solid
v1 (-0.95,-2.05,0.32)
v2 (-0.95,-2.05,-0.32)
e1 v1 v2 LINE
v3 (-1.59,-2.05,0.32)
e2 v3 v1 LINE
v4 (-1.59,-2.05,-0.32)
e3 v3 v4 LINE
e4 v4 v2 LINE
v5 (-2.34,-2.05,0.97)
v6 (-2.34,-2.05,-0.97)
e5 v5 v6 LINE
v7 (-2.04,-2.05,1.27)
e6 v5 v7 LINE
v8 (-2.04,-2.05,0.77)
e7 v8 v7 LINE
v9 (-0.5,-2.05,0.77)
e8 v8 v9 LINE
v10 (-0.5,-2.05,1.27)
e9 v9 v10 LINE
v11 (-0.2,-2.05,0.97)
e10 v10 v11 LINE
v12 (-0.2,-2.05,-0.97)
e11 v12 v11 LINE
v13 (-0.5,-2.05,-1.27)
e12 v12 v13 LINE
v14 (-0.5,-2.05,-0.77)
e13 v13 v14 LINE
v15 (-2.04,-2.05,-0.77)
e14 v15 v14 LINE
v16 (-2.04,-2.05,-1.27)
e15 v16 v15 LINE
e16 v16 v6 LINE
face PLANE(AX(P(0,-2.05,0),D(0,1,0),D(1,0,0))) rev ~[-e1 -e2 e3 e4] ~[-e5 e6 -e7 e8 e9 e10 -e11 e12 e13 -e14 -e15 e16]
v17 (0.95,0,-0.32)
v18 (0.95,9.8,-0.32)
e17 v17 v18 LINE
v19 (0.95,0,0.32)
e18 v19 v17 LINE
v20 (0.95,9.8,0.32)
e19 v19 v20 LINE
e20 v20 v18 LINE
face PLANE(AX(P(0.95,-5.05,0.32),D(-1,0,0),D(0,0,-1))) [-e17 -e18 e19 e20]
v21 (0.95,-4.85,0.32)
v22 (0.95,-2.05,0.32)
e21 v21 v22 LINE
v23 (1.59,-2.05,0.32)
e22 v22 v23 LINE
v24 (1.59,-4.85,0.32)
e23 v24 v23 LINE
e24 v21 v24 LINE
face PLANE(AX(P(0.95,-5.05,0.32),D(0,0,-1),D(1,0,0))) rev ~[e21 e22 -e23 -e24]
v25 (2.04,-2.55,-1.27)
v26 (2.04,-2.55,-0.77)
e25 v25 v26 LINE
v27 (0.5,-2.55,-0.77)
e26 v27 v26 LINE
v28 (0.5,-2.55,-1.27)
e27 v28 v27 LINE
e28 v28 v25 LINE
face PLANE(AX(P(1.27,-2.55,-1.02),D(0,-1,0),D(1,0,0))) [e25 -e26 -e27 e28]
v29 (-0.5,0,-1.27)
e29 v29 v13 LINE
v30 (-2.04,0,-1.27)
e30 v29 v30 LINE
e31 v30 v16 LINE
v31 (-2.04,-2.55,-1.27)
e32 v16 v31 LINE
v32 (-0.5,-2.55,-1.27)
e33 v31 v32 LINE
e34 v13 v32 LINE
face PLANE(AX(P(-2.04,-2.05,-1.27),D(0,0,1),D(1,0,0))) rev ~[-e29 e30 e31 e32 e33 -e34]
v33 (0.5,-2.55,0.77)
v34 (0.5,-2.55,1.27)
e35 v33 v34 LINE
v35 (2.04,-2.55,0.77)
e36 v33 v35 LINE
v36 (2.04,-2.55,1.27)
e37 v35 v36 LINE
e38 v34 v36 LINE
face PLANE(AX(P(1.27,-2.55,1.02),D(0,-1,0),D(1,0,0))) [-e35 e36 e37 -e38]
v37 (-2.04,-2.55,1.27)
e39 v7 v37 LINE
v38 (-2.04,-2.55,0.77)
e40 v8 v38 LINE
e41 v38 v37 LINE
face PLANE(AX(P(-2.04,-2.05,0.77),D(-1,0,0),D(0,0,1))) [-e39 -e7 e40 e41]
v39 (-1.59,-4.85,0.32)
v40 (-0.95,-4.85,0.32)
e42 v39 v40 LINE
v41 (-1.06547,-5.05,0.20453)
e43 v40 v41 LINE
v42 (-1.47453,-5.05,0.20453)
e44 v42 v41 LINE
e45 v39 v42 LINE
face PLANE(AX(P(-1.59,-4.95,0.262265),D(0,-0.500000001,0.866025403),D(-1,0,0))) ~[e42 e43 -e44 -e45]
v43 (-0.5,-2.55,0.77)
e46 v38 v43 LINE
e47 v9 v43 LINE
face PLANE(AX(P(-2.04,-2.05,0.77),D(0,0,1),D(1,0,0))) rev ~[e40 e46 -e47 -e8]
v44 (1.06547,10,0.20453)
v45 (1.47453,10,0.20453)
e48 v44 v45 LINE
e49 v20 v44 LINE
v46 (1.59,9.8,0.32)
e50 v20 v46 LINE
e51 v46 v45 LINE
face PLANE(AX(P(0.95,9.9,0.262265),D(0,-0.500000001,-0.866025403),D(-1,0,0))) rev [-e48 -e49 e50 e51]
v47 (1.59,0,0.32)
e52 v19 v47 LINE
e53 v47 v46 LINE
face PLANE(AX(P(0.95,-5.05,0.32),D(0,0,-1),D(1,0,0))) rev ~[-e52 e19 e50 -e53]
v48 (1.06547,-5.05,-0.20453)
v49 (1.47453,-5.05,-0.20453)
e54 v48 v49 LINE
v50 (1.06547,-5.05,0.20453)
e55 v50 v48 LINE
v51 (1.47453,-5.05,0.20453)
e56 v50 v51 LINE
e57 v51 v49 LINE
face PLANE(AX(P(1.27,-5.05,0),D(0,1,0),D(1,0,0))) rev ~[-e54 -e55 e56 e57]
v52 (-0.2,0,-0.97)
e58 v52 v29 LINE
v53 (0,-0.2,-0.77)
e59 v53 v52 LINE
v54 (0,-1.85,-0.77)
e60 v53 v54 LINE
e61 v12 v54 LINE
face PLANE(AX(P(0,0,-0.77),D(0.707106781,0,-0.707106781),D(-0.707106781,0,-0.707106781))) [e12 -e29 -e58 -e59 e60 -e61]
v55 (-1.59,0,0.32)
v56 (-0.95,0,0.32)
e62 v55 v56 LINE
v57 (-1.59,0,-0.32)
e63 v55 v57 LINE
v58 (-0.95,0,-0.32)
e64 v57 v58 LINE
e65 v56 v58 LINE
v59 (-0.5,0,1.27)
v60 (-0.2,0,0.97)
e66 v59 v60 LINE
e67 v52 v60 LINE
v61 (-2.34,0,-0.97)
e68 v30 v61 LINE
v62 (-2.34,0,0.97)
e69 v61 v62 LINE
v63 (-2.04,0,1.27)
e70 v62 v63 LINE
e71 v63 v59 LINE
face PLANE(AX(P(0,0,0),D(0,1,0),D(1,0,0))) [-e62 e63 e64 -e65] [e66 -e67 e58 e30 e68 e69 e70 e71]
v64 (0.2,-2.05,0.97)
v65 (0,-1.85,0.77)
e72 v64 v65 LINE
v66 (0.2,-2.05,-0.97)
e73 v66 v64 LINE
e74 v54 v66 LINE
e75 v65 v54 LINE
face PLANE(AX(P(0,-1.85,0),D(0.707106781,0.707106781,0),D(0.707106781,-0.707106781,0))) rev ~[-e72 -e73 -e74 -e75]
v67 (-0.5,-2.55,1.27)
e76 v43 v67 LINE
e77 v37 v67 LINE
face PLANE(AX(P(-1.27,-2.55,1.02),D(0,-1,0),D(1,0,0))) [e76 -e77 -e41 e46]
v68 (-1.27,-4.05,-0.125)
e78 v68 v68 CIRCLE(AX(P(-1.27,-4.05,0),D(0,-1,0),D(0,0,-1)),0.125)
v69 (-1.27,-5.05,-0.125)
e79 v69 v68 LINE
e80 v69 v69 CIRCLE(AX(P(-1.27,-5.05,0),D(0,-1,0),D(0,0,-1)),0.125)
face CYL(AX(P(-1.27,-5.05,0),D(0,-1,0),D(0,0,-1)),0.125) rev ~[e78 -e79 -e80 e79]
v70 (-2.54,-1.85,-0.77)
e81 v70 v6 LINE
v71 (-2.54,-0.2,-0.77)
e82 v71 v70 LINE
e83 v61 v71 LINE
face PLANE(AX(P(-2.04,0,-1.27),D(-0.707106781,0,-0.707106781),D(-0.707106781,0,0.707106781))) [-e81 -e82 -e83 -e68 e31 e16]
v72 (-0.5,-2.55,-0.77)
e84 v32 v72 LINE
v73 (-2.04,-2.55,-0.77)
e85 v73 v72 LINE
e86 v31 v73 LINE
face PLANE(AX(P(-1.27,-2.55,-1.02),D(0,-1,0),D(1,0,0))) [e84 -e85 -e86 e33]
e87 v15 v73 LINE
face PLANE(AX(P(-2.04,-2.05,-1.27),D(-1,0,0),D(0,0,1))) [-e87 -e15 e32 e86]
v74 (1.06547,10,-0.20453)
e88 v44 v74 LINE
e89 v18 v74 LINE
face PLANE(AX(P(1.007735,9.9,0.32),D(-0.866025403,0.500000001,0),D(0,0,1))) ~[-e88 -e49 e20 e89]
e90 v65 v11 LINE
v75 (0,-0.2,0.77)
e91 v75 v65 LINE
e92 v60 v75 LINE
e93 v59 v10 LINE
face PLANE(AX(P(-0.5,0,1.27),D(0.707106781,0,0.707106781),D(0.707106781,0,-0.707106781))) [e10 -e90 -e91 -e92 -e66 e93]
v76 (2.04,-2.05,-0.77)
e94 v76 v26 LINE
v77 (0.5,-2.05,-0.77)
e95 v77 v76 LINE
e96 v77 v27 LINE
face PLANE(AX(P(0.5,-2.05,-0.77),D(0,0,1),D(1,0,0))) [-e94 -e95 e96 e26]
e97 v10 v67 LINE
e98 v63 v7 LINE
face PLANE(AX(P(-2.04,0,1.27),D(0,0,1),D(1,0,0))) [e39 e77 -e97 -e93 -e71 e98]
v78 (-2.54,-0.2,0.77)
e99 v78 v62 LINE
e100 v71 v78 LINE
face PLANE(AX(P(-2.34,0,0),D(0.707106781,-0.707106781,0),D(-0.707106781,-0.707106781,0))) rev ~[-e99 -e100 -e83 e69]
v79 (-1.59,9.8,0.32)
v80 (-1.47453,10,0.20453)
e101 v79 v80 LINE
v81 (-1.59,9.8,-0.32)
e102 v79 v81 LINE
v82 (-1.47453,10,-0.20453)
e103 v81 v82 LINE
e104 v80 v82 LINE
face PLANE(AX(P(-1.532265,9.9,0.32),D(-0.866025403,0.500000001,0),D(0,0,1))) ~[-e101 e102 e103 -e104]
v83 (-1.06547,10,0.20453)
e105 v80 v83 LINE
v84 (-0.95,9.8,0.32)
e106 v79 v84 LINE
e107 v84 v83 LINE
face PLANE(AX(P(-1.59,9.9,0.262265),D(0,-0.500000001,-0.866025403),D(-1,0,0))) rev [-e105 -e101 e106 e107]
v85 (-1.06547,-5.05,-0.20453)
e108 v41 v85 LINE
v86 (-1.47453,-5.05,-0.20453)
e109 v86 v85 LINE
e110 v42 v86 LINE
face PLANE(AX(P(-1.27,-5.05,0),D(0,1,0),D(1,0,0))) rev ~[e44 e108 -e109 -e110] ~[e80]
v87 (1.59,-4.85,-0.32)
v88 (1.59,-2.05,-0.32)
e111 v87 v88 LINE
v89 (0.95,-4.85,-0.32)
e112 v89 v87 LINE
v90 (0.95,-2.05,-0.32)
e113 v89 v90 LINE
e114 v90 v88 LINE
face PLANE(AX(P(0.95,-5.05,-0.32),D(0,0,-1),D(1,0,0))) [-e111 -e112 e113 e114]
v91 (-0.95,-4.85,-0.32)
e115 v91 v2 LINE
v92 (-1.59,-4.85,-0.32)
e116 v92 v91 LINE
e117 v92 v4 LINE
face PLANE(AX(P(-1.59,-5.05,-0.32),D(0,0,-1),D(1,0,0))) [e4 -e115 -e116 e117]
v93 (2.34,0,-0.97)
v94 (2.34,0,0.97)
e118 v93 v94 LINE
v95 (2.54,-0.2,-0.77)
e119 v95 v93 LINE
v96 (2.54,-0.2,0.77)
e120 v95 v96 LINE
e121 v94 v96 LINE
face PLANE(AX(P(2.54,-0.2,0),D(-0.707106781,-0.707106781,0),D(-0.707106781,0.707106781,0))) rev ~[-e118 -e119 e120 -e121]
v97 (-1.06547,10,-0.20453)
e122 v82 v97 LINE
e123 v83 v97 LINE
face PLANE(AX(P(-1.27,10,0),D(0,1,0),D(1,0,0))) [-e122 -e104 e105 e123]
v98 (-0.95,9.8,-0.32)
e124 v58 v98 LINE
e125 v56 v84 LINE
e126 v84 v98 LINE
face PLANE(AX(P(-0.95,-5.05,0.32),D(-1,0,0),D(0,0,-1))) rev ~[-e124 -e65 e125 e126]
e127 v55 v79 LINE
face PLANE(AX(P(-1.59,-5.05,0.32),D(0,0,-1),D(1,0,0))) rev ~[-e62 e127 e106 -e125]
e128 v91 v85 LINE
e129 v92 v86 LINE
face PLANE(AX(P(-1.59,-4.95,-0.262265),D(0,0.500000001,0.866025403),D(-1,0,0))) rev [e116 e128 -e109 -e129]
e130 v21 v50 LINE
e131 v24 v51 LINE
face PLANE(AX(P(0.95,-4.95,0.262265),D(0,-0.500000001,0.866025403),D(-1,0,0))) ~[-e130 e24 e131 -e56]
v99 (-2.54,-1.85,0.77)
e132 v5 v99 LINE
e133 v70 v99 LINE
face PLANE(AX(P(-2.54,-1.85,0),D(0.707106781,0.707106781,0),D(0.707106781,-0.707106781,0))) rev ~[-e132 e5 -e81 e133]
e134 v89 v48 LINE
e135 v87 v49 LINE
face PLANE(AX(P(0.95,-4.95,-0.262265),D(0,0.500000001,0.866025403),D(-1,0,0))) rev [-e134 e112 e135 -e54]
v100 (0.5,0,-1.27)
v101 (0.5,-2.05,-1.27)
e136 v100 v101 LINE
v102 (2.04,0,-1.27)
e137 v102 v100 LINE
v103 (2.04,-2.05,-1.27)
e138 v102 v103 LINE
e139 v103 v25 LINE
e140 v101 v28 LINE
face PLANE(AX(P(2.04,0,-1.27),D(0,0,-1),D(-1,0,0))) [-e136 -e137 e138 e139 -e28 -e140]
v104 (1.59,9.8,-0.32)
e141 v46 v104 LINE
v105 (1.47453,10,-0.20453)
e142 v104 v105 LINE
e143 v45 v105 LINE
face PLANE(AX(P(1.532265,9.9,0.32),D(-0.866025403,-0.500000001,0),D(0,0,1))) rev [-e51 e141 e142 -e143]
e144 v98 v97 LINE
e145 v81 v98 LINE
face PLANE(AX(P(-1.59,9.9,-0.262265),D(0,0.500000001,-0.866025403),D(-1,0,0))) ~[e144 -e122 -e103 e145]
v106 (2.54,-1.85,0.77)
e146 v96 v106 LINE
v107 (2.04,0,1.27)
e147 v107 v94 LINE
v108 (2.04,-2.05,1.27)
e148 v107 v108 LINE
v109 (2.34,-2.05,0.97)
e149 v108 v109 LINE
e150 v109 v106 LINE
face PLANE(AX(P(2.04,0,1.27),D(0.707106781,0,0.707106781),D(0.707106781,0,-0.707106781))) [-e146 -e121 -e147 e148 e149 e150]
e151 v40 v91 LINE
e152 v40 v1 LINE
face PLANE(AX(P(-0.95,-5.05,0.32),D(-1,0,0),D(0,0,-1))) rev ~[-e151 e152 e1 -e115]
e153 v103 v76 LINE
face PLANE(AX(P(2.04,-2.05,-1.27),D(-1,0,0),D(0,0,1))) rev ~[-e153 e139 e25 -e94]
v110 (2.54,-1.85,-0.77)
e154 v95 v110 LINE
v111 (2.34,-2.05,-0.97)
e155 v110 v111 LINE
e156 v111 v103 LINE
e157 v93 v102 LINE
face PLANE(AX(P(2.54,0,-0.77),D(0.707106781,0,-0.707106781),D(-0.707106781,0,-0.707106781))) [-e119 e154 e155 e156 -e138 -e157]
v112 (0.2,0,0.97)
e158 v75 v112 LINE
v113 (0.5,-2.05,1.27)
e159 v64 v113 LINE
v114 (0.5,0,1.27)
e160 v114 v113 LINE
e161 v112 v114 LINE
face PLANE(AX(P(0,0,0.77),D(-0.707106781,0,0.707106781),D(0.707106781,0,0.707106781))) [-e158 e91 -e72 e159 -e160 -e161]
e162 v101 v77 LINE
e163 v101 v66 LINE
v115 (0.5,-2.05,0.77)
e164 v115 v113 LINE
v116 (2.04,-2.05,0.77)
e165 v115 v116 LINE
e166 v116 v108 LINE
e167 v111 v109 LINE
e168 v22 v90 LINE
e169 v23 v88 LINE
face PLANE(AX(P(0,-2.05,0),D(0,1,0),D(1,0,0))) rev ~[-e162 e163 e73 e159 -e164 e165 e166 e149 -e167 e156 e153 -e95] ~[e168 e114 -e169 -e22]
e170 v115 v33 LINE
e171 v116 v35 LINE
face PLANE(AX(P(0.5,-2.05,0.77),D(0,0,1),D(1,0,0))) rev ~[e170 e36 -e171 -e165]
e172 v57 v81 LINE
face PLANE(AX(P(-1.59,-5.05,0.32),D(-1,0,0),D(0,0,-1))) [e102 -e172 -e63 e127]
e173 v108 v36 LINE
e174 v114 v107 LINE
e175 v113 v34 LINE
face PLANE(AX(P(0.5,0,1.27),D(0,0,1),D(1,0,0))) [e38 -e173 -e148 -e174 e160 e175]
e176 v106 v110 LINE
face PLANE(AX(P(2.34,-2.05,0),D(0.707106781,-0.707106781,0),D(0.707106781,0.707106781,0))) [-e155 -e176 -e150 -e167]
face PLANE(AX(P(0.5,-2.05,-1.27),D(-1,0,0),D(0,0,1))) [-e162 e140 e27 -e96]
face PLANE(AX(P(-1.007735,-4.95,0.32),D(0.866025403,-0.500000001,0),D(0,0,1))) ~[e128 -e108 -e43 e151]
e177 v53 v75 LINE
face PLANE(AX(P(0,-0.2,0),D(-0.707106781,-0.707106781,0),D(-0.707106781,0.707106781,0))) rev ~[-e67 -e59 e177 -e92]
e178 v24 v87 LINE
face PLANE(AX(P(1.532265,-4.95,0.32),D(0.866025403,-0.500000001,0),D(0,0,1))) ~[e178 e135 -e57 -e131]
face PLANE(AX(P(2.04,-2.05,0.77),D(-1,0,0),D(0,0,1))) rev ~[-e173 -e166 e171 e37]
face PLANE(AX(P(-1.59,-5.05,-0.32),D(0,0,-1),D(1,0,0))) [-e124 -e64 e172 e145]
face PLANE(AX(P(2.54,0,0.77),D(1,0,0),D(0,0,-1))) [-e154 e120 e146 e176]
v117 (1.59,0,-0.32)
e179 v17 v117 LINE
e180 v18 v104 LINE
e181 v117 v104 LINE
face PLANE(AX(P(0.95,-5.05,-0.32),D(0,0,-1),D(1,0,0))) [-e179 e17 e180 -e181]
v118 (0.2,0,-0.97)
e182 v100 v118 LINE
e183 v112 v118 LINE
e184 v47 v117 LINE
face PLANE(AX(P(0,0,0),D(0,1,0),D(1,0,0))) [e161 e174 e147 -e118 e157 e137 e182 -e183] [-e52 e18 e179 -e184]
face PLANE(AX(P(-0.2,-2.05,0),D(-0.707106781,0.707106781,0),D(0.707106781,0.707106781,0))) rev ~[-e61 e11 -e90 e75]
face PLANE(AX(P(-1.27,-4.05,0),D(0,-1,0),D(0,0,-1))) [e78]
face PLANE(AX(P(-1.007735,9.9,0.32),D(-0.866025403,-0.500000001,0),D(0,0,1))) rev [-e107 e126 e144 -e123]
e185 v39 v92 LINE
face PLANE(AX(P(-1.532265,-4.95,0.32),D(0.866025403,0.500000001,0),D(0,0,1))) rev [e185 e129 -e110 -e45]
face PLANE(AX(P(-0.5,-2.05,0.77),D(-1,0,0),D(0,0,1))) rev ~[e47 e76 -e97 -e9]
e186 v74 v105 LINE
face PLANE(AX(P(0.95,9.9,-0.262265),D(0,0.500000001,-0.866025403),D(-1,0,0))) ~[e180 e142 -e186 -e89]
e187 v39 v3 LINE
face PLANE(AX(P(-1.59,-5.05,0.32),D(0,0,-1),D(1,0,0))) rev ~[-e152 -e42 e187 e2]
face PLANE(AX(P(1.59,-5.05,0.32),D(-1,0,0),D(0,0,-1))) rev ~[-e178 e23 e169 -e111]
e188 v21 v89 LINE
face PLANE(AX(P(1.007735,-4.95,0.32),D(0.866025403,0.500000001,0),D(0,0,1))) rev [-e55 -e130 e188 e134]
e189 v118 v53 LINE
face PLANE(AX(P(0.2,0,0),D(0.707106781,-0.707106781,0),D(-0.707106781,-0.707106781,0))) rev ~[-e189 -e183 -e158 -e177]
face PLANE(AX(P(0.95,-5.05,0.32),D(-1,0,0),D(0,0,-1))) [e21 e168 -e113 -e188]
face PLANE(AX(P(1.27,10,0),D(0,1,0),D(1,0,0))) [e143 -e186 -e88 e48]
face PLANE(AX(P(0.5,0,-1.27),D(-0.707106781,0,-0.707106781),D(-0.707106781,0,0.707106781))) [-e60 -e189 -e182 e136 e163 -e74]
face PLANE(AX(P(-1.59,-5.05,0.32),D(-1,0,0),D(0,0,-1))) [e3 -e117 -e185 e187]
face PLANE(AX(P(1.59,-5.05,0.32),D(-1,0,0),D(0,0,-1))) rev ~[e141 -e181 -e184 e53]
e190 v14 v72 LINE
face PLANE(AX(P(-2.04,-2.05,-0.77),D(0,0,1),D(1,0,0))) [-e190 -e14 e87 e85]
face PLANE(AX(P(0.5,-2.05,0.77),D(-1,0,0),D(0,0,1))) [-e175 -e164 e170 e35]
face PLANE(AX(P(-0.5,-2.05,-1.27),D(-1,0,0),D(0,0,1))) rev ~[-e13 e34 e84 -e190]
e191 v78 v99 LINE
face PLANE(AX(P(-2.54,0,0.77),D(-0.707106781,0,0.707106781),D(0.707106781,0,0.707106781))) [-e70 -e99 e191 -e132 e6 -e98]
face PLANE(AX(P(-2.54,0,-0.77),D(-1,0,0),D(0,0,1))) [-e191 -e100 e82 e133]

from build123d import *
from OCP.BRepFilletAPI import BRepFilletAPI_MakeChamfer

# Parameters (mm, degrees)
SKETCH1_W                = 0.64
SKETCH1_H                = 0.64
BOSS_EXTRUDE1_DEPTH      = 2.05
CUT_EXTRUDE1_DEPTH       = 5
SKETCH3_W                = 1.54
SKETCH3_H                = 0.5
BOSS_EXTRUDE2_DEPTH      = 0.5
BOSS_EXTRUDE3_DEPTH      = 10
BOSS_EXTRUDE3_DEPTH_BACK = 5.05
SKETCH4_W                = 0.64
SKETCH4_H                = 0.64
CHAMFER1_SIZE            = 0.2
CHAMFER1_SIZE2           = 0.115470054
SKETCH5_R                = 0.125
CUT_EXTRUDE2_DEPTH       = 1


with BuildPart() as part:
    # Sketch1 → Boss-Extrude1 (new body)
    with BuildSketch(Plane(origin=(0, 0, 0), x_dir=(1, 0, 0), z_dir=(0, 1, 0))):
        Polygon((-2.04, -1.27), (-0.5, -1.27), (0, -0.77), (0.5, -1.27), (2.04, -1.27), (2.54, -0.77), (2.54, 0.77), (2.04, 1.27), (0.5, 1.27), (0, 0.77), (-0.5, 1.27), (-2.04, 1.27), (-2.54, 0.77), (-2.54, -0.77), align=None)
        with Locations((1.27, 0)):
            Rectangle(SKETCH1_W, SKETCH1_H, mode=Mode.SUBTRACT)
        with Locations((-1.27, 0)):
            Rectangle(SKETCH1_W, SKETCH1_H, mode=Mode.SUBTRACT)
    extrude(amount=-BOSS_EXTRUDE1_DEPTH)

    # Sketch2 → Cut-Extrude1 (cut, symmetric)
    with BuildSketch(Plane.XY):
        Polygon((-2.54, -0.2), (-2.54, 0), (-2.34, 0), align=None)
        Polygon((-0.2, 0), (0.2, 0), (0, -0.2), align=None)
        Polygon((2.34, 0), (2.54, 0), (2.54, -0.2), align=None)
        Polygon((-2.54, -1.85), (-2.34, -2.05), (-2.54, -2.05), align=None)
        Polygon((-0.2, -2.05), (0, -1.85), (0.2, -2.05), align=None)
        Polygon((2.34, -2.05), (2.54, -1.85), (2.54, -2.05), align=None)
    extrude(amount=CUT_EXTRUDE1_DEPTH, both=True, mode=Mode.SUBTRACT)

    # Sketch3 → Boss-Extrude2 (add)
    with BuildSketch(Plane.XZ.offset(2.05)):
        with Locations((-1.27, -1.02)):
            Rectangle(SKETCH3_W, SKETCH3_H)
        with Locations((-1.27, 1.02)):
            Rectangle(SKETCH3_W, SKETCH3_H)
        with Locations((1.27, 1.02)):
            Rectangle(SKETCH3_W, SKETCH3_H)
        with Locations((1.27, -1.02)):
            Rectangle(SKETCH3_W, SKETCH3_H)
    extrude(amount=BOSS_EXTRUDE2_DEPTH)

    # Sketch4 → Boss-Extrude3 (add, two sides: drawn at the far end of the back side and taken through both)
    with BuildSketch(Plane(origin=(0, 0, 0), x_dir=(1, 0, 0), z_dir=(0, 1, 0)).offset(-BOSS_EXTRUDE3_DEPTH_BACK)):
        with Locations((-1.27, 0)):
            Rectangle(SKETCH4_W, SKETCH4_H)
        with Locations((1.27, 0)):
            Rectangle(SKETCH4_W, SKETCH4_H)
    extrude(amount=BOSS_EXTRUDE3_DEPTH + BOSS_EXTRUDE3_DEPTH_BACK)

    # Chamfer1: one chamfer whose edges measure the first distance from different faces: ONE call of the kernel's chamfer builder (chamfer() names one face for all edges)
    chamfer1_edges_1 = [part.edges().sort_by_distance(p)[0] for p in [
        (-1.59, -5.05, 0),
    ]]
    chamfer1_side_1 = [part.faces().sort_by_distance(p)[0] for p in [
        (-1.59, -3.55, 0),
    ]]
    chamfer1_edges_2 = [part.edges().sort_by_distance(p)[0] for p in [
        (-1.27, -5.05, -0.32),
    ]]
    chamfer1_side_2 = [part.faces().sort_by_distance(p)[0] for p in [
        (-1.27, -3.55, -0.32),
    ]]
    chamfer1_edges_3 = [part.edges().sort_by_distance(p)[0] for p in [
        (-0.95, -5.05, 0),
    ]]
    chamfer1_side_3 = [part.faces().sort_by_distance(p)[0] for p in [
        (-0.95, -3.55, 0),
    ]]
    chamfer1_edges_4 = [part.edges().sort_by_distance(p)[0] for p in [
        (-1.27, -5.05, 0.32),
    ]]
    chamfer1_side_4 = [part.faces().sort_by_distance(p)[0] for p in [
        (-1.27, -3.55, 0.32),
    ]]
    chamfer1_edges_5 = [part.edges().sort_by_distance(p)[0] for p in [
        (-1.59, 10, 0),
    ]]
    chamfer1_side_5 = [part.faces().sort_by_distance(p)[0] for p in [
        (-1.59, 5, 0),
    ]]
    chamfer1_edges_6 = [part.edges().sort_by_distance(p)[0] for p in [
        (-1.27, 10, 0.32),
    ]]
    chamfer1_side_6 = [part.faces().sort_by_distance(p)[0] for p in [
        (-1.27, 5, 0.32),
    ]]
    chamfer1_edges_7 = [part.edges().sort_by_distance(p)[0] for p in [
        (-0.95, 10, 0),
    ]]
    chamfer1_side_7 = [part.faces().sort_by_distance(p)[0] for p in [
        (-0.95, 5, 0),
    ]]
    chamfer1_edges_8 = [part.edges().sort_by_distance(p)[0] for p in [
        (-1.27, 10, -0.32),
    ]]
    chamfer1_side_8 = [part.faces().sort_by_distance(p)[0] for p in [
        (-1.27, 5, -0.32),
    ]]
    chamfer1_edges_9 = [part.edges().sort_by_distance(p)[0] for p in [
        (0.95, -5.05, 0),
    ]]
    chamfer1_side_9 = [part.faces().sort_by_distance(p)[0] for p in [
        (0.95, -3.55, 0),
    ]]
    chamfer1_edges_10 = [part.edges().sort_by_distance(p)[0] for p in [
        (1.27, -5.05, -0.32),
    ]]
    chamfer1_side_10 = [part.faces().sort_by_distance(p)[0] for p in [
        (1.27, -3.55, -0.32),
    ]]
    chamfer1_edges_11 = [part.edges().sort_by_distance(p)[0] for p in [
        (1.59, -5.05, 0),
    ]]
    chamfer1_side_11 = [part.faces().sort_by_distance(p)[0] for p in [
        (1.59, -3.55, 0),
    ]]
    chamfer1_edges_12 = [part.edges().sort_by_distance(p)[0] for p in [
        (1.27, -5.05, 0.32),
    ]]
    chamfer1_side_12 = [part.faces().sort_by_distance(p)[0] for p in [
        (1.27, -3.55, 0.32),
    ]]
    chamfer1_edges_13 = [part.edges().sort_by_distance(p)[0] for p in [
        (0.95, 10, 0),
    ]]
    chamfer1_side_13 = [part.faces().sort_by_distance(p)[0] for p in [
        (0.95, 5, 0),
    ]]
    chamfer1_edges_14 = [part.edges().sort_by_distance(p)[0] for p in [
        (1.27, 10, 0.32),
    ]]
    chamfer1_side_14 = [part.faces().sort_by_distance(p)[0] for p in [
        (1.27, 5, 0.32),
    ]]
    chamfer1_edges_15 = [part.edges().sort_by_distance(p)[0] for p in [
        (1.59, 10, 0),
    ]]
    chamfer1_side_15 = [part.faces().sort_by_distance(p)[0] for p in [
        (1.59, 5, 0),
    ]]
    chamfer1_edges_16 = [part.edges().sort_by_distance(p)[0] for p in [
        (1.27, 10, -0.32),
    ]]
    chamfer1_side_16 = [part.faces().sort_by_distance(p)[0] for p in [
        (1.27, 5, -0.32),
    ]]
    chamfer1 = BRepFilletAPI_MakeChamfer(part.part.solid().wrapped)
    for e in chamfer1_edges_1:
        chamfer1.Add(CHAMFER1_SIZE, CHAMFER1_SIZE2, e.wrapped, chamfer1_side_1[0].wrapped)  # the first distance lies on this face
    for e in chamfer1_edges_2:
        chamfer1.Add(CHAMFER1_SIZE, CHAMFER1_SIZE2, e.wrapped, chamfer1_side_2[0].wrapped)  # the first distance lies on this face
    for e in chamfer1_edges_3:
        chamfer1.Add(CHAMFER1_SIZE, CHAMFER1_SIZE2, e.wrapped, chamfer1_side_3[0].wrapped)  # the first distance lies on this face
    for e in chamfer1_edges_4:
        chamfer1.Add(CHAMFER1_SIZE, CHAMFER1_SIZE2, e.wrapped, chamfer1_side_4[0].wrapped)  # the first distance lies on this face
    for e in chamfer1_edges_5:
        chamfer1.Add(CHAMFER1_SIZE, CHAMFER1_SIZE2, e.wrapped, chamfer1_side_5[0].wrapped)  # the first distance lies on this face
    for e in chamfer1_edges_6:
        chamfer1.Add(CHAMFER1_SIZE, CHAMFER1_SIZE2, e.wrapped, chamfer1_side_6[0].wrapped)  # the first distance lies on this face
    for e in chamfer1_edges_7:
        chamfer1.Add(CHAMFER1_SIZE, CHAMFER1_SIZE2, e.wrapped, chamfer1_side_7[0].wrapped)  # the first distance lies on this face
    for e in chamfer1_edges_8:
        chamfer1.Add(CHAMFER1_SIZE, CHAMFER1_SIZE2, e.wrapped, chamfer1_side_8[0].wrapped)  # the first distance lies on this face
    for e in chamfer1_edges_9:
        chamfer1.Add(CHAMFER1_SIZE, CHAMFER1_SIZE2, e.wrapped, chamfer1_side_9[0].wrapped)  # the first distance lies on this face
    for e in chamfer1_edges_10:
        chamfer1.Add(CHAMFER1_SIZE, CHAMFER1_SIZE2, e.wrapped, chamfer1_side_10[0].wrapped)  # the first distance lies on this face
    for e in chamfer1_edges_11:
        chamfer1.Add(CHAMFER1_SIZE, CHAMFER1_SIZE2, e.wrapped, chamfer1_side_11[0].wrapped)  # the first distance lies on this face
    for e in chamfer1_edges_12:
        chamfer1.Add(CHAMFER1_SIZE, CHAMFER1_SIZE2, e.wrapped, chamfer1_side_12[0].wrapped)  # the first distance lies on this face
    for e in chamfer1_edges_13:
        chamfer1.Add(CHAMFER1_SIZE, CHAMFER1_SIZE2, e.wrapped, chamfer1_side_13[0].wrapped)  # the first distance lies on this face
    for e in chamfer1_edges_14:
        chamfer1.Add(CHAMFER1_SIZE, CHAMFER1_SIZE2, e.wrapped, chamfer1_side_14[0].wrapped)  # the first distance lies on this face
    for e in chamfer1_edges_15:
        chamfer1.Add(CHAMFER1_SIZE, CHAMFER1_SIZE2, e.wrapped, chamfer1_side_15[0].wrapped)  # the first distance lies on this face
    for e in chamfer1_edges_16:
        chamfer1.Add(CHAMFER1_SIZE, CHAMFER1_SIZE2, e.wrapped, chamfer1_side_16[0].wrapped)  # the first distance lies on this face
    add(Compound.cast(chamfer1.Shape()), mode=Mode.REPLACE)

    # Sketch5 → Cut-Extrude2 (cut)
    with BuildSketch(Plane.XZ.offset(5.05)):
        with Locations(Location((-1.27, 0, 0), (0, 0, 270))):
            Circle(SKETCH5_R)
    extrude(amount=-CUT_EXTRUDE2_DEPTH, mode=Mode.SUBTRACT)


solid = part.part
